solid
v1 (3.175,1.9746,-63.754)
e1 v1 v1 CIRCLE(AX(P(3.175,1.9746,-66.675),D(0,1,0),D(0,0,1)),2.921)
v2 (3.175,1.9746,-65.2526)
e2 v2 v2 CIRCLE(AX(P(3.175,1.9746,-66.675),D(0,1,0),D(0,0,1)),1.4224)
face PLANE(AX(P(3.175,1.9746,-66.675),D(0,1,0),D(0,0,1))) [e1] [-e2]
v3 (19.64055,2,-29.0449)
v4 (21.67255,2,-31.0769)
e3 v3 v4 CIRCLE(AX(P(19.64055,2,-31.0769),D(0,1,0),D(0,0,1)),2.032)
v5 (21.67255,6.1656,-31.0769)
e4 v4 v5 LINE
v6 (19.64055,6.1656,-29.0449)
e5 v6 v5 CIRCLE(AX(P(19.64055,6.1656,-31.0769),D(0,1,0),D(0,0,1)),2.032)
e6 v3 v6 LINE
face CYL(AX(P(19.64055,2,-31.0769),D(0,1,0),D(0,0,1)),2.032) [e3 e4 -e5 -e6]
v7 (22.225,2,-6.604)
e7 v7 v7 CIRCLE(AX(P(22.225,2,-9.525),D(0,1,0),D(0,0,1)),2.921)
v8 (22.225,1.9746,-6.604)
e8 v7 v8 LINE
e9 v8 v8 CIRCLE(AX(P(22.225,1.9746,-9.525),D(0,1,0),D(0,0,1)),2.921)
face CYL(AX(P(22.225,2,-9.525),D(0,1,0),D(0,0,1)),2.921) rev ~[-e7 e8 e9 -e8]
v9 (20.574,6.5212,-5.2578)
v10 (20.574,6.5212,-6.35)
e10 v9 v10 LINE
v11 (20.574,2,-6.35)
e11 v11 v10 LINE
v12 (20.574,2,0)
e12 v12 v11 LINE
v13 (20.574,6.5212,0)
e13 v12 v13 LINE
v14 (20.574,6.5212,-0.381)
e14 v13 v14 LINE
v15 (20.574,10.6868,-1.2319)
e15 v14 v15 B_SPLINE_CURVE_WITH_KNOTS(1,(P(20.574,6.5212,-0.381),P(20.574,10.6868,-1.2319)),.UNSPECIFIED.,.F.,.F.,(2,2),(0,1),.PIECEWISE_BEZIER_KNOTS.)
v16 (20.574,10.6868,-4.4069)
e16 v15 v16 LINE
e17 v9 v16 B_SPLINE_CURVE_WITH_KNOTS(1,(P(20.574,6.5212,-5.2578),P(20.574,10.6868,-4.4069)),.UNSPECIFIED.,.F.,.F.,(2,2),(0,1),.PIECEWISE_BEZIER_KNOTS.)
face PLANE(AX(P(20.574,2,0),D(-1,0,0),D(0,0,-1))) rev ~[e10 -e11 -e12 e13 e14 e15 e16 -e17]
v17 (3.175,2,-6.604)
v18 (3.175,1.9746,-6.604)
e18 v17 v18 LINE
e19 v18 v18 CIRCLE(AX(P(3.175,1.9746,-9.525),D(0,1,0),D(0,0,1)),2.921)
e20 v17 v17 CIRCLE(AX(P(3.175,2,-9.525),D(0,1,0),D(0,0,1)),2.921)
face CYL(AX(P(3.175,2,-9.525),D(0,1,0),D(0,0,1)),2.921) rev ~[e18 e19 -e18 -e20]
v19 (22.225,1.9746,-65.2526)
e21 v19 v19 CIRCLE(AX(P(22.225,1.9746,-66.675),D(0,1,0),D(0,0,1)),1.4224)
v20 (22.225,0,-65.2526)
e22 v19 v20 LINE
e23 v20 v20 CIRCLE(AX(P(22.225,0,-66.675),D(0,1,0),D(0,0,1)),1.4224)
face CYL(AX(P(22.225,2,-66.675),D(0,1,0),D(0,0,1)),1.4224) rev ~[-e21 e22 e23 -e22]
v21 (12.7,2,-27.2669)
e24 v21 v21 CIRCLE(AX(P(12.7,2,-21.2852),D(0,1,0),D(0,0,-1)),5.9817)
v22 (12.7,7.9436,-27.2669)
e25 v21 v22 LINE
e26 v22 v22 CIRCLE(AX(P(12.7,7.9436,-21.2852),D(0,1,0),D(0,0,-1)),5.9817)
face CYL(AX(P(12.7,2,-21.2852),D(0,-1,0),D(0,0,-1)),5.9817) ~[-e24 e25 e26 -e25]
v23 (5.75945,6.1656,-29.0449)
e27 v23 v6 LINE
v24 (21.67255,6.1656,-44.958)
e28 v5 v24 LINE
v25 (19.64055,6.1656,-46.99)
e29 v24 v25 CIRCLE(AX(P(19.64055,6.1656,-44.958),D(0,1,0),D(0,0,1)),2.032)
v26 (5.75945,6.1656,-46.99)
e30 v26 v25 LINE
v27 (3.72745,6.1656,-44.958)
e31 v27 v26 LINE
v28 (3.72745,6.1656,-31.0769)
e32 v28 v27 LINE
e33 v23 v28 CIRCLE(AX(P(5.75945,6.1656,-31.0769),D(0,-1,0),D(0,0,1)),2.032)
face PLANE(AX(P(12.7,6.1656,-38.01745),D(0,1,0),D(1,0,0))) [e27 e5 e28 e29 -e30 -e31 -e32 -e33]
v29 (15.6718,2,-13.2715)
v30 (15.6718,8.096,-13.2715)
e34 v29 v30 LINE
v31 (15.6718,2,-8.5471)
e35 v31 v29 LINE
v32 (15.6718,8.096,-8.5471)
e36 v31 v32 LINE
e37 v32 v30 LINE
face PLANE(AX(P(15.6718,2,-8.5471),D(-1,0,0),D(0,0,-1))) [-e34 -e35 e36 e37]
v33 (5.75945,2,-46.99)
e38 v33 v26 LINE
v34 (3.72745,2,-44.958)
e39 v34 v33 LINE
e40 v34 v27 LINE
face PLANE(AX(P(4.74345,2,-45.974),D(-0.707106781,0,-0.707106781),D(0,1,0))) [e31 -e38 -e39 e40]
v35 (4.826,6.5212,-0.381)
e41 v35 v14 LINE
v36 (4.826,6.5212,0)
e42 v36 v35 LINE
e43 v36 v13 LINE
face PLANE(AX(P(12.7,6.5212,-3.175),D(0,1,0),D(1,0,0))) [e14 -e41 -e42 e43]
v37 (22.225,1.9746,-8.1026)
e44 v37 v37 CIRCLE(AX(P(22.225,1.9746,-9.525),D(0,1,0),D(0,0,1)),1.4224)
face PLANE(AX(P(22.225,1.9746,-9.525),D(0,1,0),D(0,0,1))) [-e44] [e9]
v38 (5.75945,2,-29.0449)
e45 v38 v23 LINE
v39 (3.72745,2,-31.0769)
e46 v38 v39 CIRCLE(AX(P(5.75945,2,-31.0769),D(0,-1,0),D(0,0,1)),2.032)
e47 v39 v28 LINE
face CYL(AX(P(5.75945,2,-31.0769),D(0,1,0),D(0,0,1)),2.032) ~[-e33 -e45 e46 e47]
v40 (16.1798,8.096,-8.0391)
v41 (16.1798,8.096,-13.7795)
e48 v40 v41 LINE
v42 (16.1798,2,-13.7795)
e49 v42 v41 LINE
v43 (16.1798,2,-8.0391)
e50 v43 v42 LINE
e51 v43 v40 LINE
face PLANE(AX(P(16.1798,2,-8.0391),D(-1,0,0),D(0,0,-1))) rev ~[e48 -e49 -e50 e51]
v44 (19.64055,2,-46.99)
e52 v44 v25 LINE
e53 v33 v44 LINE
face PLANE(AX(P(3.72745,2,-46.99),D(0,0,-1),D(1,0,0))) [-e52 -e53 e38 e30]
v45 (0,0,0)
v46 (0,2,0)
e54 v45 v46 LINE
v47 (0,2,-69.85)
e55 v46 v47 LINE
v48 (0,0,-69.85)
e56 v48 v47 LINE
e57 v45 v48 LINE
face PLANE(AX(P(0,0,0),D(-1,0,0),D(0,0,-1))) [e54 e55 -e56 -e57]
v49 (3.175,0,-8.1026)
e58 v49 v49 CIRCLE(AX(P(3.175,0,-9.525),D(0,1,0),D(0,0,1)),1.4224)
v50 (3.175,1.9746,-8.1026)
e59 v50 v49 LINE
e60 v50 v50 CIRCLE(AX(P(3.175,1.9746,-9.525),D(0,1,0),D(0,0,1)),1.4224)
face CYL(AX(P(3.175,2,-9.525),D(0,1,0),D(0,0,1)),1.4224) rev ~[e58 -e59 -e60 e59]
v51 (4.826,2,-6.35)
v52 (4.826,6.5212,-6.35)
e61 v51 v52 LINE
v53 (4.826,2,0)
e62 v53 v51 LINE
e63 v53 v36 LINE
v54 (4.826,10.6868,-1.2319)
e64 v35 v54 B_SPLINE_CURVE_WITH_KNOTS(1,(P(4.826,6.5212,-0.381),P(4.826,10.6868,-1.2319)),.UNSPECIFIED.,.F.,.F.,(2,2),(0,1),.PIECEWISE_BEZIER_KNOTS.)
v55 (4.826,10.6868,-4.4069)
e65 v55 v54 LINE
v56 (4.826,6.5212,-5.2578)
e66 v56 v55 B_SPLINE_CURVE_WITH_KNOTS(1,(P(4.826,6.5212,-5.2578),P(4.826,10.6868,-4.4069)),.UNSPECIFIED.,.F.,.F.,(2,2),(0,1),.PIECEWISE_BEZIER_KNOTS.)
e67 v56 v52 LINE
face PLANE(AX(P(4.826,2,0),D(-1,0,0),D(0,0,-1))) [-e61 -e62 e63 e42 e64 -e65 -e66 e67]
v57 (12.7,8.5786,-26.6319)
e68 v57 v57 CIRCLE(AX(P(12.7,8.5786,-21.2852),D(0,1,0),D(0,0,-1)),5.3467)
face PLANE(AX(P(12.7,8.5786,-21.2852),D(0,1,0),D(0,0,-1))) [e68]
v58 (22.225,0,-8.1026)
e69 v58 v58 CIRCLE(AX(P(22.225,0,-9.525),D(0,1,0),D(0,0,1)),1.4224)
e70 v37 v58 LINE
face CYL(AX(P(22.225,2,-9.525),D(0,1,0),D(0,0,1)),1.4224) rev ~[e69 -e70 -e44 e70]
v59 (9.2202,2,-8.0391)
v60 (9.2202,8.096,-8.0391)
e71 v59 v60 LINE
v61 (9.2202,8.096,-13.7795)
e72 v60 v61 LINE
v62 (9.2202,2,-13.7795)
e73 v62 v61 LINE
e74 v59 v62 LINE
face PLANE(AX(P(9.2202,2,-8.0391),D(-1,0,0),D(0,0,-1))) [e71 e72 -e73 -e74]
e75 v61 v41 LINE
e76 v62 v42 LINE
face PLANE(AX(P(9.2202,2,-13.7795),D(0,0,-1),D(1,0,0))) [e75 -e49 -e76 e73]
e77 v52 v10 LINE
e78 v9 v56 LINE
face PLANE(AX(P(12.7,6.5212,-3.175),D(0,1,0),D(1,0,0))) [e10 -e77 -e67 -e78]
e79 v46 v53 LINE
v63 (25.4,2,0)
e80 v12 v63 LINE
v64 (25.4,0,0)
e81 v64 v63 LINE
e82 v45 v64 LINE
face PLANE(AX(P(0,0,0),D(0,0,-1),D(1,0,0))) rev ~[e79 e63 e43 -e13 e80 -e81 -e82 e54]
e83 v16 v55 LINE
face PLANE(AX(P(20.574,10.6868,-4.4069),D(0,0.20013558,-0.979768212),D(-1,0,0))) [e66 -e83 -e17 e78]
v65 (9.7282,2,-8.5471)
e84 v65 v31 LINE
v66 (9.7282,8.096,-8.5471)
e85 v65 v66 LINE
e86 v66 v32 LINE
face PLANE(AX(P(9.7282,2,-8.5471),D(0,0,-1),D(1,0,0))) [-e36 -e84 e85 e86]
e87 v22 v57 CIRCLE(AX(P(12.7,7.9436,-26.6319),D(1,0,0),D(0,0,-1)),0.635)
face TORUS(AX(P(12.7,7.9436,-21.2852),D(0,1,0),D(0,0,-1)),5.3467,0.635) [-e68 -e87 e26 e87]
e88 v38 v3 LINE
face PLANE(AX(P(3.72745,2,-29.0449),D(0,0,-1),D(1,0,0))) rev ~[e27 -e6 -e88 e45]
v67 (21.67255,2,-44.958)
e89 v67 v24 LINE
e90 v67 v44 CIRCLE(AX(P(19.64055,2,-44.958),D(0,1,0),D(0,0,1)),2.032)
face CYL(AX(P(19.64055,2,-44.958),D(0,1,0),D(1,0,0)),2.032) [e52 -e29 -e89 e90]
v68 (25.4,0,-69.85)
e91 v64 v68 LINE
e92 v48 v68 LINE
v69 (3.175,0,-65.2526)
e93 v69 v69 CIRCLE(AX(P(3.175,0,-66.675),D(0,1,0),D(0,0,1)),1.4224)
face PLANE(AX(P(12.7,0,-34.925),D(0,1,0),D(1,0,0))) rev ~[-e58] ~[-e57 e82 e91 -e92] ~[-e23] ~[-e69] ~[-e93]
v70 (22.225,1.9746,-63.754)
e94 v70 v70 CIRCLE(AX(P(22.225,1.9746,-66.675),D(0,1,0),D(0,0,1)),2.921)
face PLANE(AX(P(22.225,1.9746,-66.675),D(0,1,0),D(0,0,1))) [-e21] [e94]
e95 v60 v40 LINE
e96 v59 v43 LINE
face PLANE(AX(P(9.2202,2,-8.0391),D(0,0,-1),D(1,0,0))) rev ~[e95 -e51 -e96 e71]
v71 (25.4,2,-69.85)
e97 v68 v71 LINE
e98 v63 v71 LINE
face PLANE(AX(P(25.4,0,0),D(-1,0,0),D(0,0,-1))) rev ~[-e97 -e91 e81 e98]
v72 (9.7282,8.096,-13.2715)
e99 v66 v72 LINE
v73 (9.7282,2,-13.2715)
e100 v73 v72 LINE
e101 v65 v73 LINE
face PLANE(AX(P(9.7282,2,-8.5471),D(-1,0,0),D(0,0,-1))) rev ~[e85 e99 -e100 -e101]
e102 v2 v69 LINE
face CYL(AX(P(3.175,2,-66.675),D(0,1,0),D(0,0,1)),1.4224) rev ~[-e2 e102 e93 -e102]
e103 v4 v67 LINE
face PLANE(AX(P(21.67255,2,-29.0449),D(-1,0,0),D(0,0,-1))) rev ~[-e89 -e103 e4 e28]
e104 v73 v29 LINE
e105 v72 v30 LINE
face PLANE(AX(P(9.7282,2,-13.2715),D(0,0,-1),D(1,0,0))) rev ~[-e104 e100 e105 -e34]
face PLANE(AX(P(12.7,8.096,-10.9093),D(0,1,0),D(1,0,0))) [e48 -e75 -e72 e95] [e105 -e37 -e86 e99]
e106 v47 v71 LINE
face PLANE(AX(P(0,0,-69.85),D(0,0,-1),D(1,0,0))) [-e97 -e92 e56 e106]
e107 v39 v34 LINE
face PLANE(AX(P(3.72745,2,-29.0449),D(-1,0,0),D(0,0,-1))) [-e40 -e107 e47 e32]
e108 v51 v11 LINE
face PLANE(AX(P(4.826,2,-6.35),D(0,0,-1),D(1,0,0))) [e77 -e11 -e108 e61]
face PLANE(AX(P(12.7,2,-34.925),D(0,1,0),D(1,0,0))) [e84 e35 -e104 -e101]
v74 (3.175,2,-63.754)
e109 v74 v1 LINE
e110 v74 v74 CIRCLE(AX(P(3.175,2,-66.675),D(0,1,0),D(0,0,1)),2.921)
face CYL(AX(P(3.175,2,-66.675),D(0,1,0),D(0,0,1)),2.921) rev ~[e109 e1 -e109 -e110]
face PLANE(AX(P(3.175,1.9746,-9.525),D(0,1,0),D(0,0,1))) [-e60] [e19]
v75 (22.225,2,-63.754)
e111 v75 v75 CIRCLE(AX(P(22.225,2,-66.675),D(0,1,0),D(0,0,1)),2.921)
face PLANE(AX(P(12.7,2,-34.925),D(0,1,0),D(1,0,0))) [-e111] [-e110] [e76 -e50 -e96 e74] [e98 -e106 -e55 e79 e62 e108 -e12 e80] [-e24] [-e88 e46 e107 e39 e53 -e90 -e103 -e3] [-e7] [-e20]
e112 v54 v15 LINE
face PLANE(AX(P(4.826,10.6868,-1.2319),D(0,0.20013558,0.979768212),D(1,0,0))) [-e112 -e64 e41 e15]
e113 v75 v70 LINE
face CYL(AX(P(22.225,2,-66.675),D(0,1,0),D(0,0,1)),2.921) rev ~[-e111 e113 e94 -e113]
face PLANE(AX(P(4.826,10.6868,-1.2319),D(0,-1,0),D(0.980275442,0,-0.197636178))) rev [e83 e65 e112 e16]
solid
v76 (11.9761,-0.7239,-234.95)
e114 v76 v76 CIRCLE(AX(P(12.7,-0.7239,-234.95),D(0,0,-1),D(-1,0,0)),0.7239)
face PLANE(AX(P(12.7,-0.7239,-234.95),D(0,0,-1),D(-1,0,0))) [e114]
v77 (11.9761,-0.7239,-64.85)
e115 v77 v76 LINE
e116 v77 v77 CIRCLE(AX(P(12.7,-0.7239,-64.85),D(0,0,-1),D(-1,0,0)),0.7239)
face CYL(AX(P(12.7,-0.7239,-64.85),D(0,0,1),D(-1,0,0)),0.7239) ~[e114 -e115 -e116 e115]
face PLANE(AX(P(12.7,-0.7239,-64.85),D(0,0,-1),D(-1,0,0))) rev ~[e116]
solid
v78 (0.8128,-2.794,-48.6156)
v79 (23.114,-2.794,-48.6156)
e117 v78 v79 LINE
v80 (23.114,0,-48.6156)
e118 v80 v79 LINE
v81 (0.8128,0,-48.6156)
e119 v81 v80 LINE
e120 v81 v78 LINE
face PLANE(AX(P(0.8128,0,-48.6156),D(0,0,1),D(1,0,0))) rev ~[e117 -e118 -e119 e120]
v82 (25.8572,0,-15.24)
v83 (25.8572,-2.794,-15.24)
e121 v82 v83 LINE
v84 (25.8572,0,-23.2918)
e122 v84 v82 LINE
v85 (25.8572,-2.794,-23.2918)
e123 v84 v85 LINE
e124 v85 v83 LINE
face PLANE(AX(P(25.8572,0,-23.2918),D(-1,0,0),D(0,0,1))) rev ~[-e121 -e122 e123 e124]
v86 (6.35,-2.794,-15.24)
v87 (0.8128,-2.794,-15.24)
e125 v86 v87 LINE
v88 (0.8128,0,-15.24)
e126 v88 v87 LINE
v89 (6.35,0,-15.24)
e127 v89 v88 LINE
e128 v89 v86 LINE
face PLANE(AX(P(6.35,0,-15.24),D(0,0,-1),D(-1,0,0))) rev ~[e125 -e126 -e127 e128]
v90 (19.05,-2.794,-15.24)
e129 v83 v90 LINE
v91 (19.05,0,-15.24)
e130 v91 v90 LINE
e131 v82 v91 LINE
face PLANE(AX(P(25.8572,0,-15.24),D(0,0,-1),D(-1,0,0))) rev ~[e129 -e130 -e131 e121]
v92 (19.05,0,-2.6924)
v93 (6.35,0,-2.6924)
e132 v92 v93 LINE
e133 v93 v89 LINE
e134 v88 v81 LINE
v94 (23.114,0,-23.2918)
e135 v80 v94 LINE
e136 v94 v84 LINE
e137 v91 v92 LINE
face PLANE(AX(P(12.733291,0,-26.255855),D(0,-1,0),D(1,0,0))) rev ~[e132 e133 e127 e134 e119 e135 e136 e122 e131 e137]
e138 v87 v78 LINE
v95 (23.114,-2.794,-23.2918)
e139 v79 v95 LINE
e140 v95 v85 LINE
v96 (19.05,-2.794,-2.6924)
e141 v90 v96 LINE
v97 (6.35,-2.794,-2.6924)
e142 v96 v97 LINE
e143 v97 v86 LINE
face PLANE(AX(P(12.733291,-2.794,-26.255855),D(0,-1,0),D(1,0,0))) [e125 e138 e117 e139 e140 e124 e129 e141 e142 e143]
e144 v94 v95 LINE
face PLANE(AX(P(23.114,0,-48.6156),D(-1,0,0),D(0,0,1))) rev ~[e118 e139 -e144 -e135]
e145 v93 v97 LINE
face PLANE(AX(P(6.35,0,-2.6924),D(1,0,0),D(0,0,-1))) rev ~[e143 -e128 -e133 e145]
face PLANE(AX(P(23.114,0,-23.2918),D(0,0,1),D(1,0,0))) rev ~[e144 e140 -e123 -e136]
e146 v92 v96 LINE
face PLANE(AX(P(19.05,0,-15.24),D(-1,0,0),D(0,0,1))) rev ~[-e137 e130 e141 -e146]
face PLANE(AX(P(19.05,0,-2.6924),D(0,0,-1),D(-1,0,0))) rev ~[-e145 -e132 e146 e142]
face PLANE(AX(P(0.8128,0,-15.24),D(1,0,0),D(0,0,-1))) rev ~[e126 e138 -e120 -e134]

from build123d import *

# Parameters (mm, degrees)
SKETCH1_W                = 25.4
SKETCH1_H                = 69.85
BOARDOUTLINE_DEPTH       = 2
SKETCH2_R                = 1.4224
SCREWHOLES_DEPTH         = 2
SKETCH7_R                = 2.921
SCREWPADS_DEPTH          = 0.0254
ANTENNA_DEPTH            = 165.1
ANTENNA_DEPTH_BACK       = 5
SKETCH3_R                = 0.7239
SKETCH4_W                = 15.748
SKETCH4_H                = 6.35
BOSS_EXTRUDE3_DEPTH      = 4.5212
SKETCH5_W                = 17.9451
SKETCH5_H                = 17.9451
GPS_MAINBOX_DEPTH        = 4.1656
FILLET1_R                = 2.032
CHAMFER1_SIZE            = 2.032
SKETCH6_R                = 5.9817
BUZZER_BOX_DEPTH         = 6.5786
FILLET2_R                = 0.635
SKETCH8_W                = 6.9596
SKETCH8_H                = 5.7404
SKETCH8_W_2              = 5.9436
SKETCH8_H_2              = 4.7244
BATTERYTERMINAL_DEPTH    = 6.096
BACKSIDECOMPONENTS_DEPTH = 2.794


with BuildPart() as part:
    # Sketch1 → boardOutline (new body)
    with BuildSketch(Plane(origin=(0, 0, 0), x_dir=(1, 0, 0), z_dir=(0, 1, 0))):
        with Locations((12.7, 34.925)):
            Rectangle(SKETCH1_W, SKETCH1_H)
    extrude(amount=BOARDOUTLINE_DEPTH)

    # Sketch2 → screwHoles (cut)
    with BuildSketch(Plane(origin=(0, 2, 0), x_dir=(1, 0, 0), z_dir=(0, 1, 0))):
        with Locations(Location((3.175, 66.675, 0), (0, 0, 270))):
            Circle(SKETCH2_R)
        with Locations(Location((22.225, 66.675, 0), (0, 0, 270))):
            Circle(SKETCH2_R)
        with Locations(Location((3.175, 9.525, 0), (0, 0, 270))):
            Circle(SKETCH2_R)
        with Locations(Location((22.225, 9.525, 0), (0, 0, 270))):
            Circle(SKETCH2_R)
    extrude(amount=-SCREWHOLES_DEPTH, mode=Mode.SUBTRACT)

    # Sketch7 → screwPads (cut)
    with BuildSketch(Plane(origin=(0, 2, 0), x_dir=(1, 0, 0), z_dir=(0, 1, 0))):
        with Locations(Location((3.175, 9.525, 0), (0, 0, 270))):
            Circle(SKETCH7_R)
        with Locations(Location((22.225, 9.525, 0), (0, 0, 270))):
            Circle(SKETCH7_R)
        with Locations(Location((3.175, 66.675, 0), (0, 0, 270))):
            Circle(SKETCH7_R)
        with Locations(Location((22.225, 66.675, 0), (0, 0, 270))):
            Circle(SKETCH7_R)
    extrude(amount=-SCREWPADS_DEPTH, mode=Mode.SUBTRACT)

    # Sketch4 → Boss-Extrude3 (add)
    with BuildSketch(Plane(origin=(0, 2, 0), x_dir=(1, 0, 0), z_dir=(0, 1, 0))):
        with Locations((12.7, 3.175)):
            Rectangle(SKETCH4_W, SKETCH4_H)
    extrude(amount=BOSS_EXTRUDE3_DEPTH)

    # Sketch10 → Loft1 section 0
    with BuildSketch(Plane(origin=(0, 6.5212, 0), x_dir=(1, 0, 0), z_dir=(0, 1, 0))):
        with BuildLine():
            Line((4.826, 0.381), (20.574, 0.381))
            Line((20.574, 0.381), (20.574, 5.2578))
            Line((20.574, 5.2578), (4.826, 5.2578))
            Line((4.826, 5.2578), (4.826, 0.381))
        make_face()
    # Sketch11 → Loft1 section 1
    with BuildSketch(Plane(origin=(0, 10.6868, 0), x_dir=(1, 0, 0), z_dir=(0, 1, 0))):
        with BuildLine():
            Line((4.826, 1.2319), (20.574, 1.2319))
            Line((20.574, 1.2319), (20.574, 4.4069))
            Line((20.574, 4.4069), (4.826, 4.4069))
            Line((4.826, 4.4069), (4.826, 1.2319))
        make_face()
    loft()

    # Sketch5 → GPS_mainbox (add)
    with BuildSketch(Plane(origin=(0, 2, 0), x_dir=(1, 0, 0), z_dir=(0, 1, 0))):
        with Locations((12.7, 38.01745)):
            Rectangle(SKETCH5_W, SKETCH5_H)
    extrude(amount=GPS_MAINBOX_DEPTH)

    # Fillet1
    fillet1_edges = [part.edges().sort_by_distance(p)[0] for p in [
        (3.72745, 4.0828, -29.0449),
        (21.67255, 4.0828, -29.0449),
        (21.67255, 4.0828, -46.99),
    ]]
    fillet(fillet1_edges, radius=FILLET1_R)

    # Chamfer1
    chamfer1_edges = [part.edges().sort_by_distance(p)[0] for p in [
        (3.72745, 4.0828, -46.99),
    ]]
    chamfer(chamfer1_edges, length=CHAMFER1_SIZE)

    # Sketch6 → buzzer_box (add)
    with BuildSketch(Plane(origin=(0, 2, 0), x_dir=(1, 0, 0), z_dir=(0, 1, 0))):
        with Locations(Location((12.7, 21.2852, 0), (0, 0, 90))):
            Circle(SKETCH6_R)
    extrude(amount=BUZZER_BOX_DEPTH)

    # Fillet2
    fillet2_edges = [part.edges().sort_by_distance(p)[0] for p in [
        (12.7, 8.5786, -15.3035),
    ]]
    fillet(fillet2_edges, radius=FILLET2_R)

    # Sketch8 → batteryTerminal (add)
    with BuildSketch(Plane(origin=(0, 2, 0), x_dir=(1, 0, 0), z_dir=(0, 1, 0))):
        with Locations((12.7, 10.9093)):
            Rectangle(SKETCH8_W, SKETCH8_H)
        with Locations((12.7, 10.9093)):
            Rectangle(SKETCH8_W_2, SKETCH8_H_2, mode=Mode.SUBTRACT)
    extrude(amount=BATTERYTERMINAL_DEPTH)


with BuildPart() as body_2:
    # Sketch3 → antenna (new, two sides: drawn at the far end of the back side and taken through both)
    with BuildSketch(Plane(origin=(0, 0, -69.85), x_dir=(-1, 0, 0), z_dir=(0, 0, -1)).offset(-ANTENNA_DEPTH_BACK)):
        with Locations((-12.7, -0.7239)):
            Circle(SKETCH3_R)
    extrude(amount=ANTENNA_DEPTH + ANTENNA_DEPTH_BACK)


with BuildPart() as body_3:
    # Sketch12 → backsideComponents (new body)
    with BuildSketch(Plane.XZ):
        Polygon((0.8128, -15.24), (0.8128, -48.6156), (23.114, -48.6156), (23.114, -23.2918), (25.8572, -23.2918), (25.8572, -15.24), (19.05, -15.24), (19.05, -2.6924), (6.35, -2.6924), (6.35, -15.24), align=None)
    extrude(amount=BACKSIDECOMPONENTS_DEPTH)


solid = Compound([part.part, body_2.part, body_3.part])
